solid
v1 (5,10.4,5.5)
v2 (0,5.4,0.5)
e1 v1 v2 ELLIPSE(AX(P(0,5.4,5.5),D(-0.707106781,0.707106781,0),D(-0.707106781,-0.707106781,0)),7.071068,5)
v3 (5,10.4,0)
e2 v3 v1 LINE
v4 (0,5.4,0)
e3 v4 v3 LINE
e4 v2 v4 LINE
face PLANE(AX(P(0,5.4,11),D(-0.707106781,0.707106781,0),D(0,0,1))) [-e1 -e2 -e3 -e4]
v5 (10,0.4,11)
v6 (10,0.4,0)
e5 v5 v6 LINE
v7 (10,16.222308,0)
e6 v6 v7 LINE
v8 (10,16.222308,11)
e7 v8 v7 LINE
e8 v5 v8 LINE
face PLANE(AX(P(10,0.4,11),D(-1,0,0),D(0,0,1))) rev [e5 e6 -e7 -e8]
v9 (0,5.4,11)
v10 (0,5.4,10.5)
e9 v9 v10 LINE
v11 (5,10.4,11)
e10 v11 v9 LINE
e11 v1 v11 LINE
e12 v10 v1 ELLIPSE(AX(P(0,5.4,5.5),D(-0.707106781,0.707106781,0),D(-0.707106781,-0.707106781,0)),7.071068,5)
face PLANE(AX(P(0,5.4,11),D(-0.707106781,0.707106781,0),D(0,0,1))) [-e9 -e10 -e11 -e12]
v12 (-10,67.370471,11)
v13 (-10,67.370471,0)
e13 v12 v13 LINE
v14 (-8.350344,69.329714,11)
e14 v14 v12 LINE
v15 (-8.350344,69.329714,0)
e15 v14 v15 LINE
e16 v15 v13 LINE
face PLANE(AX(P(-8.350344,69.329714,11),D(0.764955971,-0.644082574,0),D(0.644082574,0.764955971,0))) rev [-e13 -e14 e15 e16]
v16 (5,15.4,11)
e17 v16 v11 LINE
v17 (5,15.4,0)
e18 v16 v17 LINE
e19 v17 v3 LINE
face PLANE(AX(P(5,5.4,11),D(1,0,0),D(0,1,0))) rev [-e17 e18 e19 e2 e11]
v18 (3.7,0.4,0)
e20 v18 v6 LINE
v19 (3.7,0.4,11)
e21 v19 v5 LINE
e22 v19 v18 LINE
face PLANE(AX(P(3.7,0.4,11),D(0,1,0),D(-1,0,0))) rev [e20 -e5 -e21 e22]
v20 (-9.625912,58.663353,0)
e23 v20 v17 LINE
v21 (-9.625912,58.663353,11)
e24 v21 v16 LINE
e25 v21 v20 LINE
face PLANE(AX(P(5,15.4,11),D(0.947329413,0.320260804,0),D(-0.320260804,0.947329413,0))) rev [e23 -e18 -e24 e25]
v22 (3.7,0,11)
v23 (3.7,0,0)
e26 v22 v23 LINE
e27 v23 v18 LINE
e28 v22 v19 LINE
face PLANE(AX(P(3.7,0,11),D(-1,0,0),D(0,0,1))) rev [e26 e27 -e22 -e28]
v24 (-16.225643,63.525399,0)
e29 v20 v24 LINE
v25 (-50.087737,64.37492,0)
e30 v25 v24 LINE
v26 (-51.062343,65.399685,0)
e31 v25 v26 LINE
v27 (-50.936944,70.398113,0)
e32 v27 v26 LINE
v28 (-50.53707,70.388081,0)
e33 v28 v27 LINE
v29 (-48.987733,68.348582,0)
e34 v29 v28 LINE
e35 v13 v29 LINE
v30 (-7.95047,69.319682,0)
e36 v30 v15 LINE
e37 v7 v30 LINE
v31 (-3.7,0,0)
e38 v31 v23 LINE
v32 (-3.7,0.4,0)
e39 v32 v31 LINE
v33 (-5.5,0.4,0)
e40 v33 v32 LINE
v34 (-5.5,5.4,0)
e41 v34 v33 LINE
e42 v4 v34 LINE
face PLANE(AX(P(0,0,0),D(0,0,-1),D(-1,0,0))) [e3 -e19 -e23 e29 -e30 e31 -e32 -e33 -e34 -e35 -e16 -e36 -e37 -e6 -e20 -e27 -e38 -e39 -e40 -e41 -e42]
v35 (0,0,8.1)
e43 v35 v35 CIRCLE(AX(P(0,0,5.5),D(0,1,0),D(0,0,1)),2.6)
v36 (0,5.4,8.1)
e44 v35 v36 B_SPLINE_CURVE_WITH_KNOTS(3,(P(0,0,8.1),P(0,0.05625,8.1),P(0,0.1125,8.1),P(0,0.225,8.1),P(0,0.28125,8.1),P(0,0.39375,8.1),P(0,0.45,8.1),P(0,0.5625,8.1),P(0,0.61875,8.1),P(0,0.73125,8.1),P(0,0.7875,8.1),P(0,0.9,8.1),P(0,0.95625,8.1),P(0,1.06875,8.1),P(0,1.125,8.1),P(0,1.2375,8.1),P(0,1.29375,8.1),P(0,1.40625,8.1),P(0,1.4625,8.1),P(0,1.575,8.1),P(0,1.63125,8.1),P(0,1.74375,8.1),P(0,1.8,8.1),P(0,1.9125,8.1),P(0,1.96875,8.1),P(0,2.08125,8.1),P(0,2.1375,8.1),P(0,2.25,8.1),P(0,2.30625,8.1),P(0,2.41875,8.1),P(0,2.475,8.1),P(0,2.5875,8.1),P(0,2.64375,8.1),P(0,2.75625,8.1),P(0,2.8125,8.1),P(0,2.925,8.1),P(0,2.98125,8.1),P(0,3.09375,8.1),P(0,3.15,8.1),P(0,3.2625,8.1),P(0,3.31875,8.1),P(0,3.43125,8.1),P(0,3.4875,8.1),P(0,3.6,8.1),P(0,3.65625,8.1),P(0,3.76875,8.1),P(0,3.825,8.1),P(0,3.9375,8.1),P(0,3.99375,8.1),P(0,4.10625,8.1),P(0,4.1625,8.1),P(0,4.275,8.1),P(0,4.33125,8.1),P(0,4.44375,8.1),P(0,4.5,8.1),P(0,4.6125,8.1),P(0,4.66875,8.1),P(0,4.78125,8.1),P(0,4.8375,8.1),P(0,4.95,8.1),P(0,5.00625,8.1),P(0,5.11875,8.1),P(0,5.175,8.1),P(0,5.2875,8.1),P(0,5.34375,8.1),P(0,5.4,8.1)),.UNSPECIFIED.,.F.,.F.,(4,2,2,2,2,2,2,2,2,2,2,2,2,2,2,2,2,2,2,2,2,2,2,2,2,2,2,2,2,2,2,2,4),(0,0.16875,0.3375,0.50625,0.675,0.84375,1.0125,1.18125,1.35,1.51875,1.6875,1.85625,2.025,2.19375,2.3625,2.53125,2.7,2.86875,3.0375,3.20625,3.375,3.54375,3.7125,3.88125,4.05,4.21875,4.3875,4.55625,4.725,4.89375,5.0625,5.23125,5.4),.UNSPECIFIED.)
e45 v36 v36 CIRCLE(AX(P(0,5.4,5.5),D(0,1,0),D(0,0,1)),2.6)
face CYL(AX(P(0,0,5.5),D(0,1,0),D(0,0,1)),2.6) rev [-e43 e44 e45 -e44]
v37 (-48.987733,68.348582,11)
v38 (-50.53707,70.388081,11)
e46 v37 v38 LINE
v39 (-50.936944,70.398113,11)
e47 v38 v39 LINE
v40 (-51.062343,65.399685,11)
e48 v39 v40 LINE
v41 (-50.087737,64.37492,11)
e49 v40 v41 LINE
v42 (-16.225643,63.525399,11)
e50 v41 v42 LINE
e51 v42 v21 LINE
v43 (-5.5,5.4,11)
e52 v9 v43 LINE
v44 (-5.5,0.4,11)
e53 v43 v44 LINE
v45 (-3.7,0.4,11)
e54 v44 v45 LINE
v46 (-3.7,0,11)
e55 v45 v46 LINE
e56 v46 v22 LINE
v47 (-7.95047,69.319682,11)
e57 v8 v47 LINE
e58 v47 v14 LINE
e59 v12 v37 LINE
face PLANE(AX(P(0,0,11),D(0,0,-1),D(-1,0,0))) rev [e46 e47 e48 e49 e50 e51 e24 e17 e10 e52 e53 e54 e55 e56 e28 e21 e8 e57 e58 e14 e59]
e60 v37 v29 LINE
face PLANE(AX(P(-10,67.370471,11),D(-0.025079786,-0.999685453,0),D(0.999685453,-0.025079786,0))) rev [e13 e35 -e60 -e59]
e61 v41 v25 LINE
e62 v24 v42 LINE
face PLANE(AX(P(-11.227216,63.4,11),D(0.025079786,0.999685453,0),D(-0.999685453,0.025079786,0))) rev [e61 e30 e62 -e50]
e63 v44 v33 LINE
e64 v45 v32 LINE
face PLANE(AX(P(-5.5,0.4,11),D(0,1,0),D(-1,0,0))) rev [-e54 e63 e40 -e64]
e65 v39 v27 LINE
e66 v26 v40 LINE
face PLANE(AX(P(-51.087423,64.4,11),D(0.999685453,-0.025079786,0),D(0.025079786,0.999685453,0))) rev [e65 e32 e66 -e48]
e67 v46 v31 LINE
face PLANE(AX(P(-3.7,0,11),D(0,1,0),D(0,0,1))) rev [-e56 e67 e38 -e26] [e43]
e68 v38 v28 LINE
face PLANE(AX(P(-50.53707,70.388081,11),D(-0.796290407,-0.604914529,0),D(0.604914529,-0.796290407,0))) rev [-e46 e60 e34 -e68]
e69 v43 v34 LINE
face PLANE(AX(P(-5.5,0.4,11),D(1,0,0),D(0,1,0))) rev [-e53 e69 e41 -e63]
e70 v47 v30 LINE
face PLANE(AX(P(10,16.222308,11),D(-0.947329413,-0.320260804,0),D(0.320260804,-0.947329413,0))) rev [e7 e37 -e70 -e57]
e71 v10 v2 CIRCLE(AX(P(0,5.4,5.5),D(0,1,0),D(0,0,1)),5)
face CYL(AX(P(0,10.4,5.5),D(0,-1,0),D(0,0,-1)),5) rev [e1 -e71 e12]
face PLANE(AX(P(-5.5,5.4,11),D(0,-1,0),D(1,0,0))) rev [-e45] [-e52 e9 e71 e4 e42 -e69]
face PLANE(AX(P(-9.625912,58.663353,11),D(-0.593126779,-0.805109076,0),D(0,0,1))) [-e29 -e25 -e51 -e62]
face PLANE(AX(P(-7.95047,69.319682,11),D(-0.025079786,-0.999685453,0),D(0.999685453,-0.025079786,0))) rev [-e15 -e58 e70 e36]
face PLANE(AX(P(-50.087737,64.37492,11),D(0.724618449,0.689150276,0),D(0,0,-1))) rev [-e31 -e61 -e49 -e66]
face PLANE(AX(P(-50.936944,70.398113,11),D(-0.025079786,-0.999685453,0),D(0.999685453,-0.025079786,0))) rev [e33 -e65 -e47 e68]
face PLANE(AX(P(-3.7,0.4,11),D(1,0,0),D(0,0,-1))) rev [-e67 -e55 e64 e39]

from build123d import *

# Parameters (mm, degrees)
EXTRUDE_1_DEPTH     = 11
CHAMFER_2_SIZE      = 5
CHAMFER_3_SIZE      = 1
SKETCH_2_R          = 2.6
CUT_EXTRUDE_1_DEPTH = 84.385355554
SKETCH_3_R          = 5
CUT_EXTRUDE_2_DEPTH = 5


with BuildPart() as part:
    # Эскиз1 → Бобышка-Вытянуть1 (new body)
    with BuildSketch(Plane.XY):
        Polygon((-5.5, 0.4), (-3.7, 0.4), (-3.7, 0), (3.7, 0), (3.7, 0.4), (10, 0.4), (10, 16.222307726), (-7.950469523, 69.319681931), (-8.350343704, 69.329713846), (-10, 67.370470597), (-48.987732655, 68.348582239), (-50.537069808, 70.388080802), (-50.93694399, 70.398112716), (-51.087422704, 64.4), (-11.227215564, 63.4), (5, 15.4), (5, 5.4), (-5.5, 5.4), align=None)
    extrude(amount=EXTRUDE_1_DEPTH)

    # Фаска2
    chamfer_2_edges = [part.edges().sort_by_distance(p)[0] for p in [
        (5, 5.4, 5.5),
        (-11.227215564, 63.4, 5.5),
    ]]
    chamfer(chamfer_2_edges, length=CHAMFER_2_SIZE)

    # Фаска3
    chamfer_3_edges = [part.edges().sort_by_distance(p)[0] for p in [
        (-51.087422704, 64.4, 5.5),
    ]]
    chamfer(chamfer_3_edges, length=CHAMFER_3_SIZE)

    # Эскиз2 → Вырез-Вытянуть1 (cut, through all)
    with BuildSketch(Plane(origin=(0, 5.4, 0), x_dir=(1, 0, 0), z_dir=(0, 1, 0))):
        with Locations(Location((0, -5.5, 0), (0, 0, 270))):
            Circle(SKETCH_2_R)
    extrude(amount=-CUT_EXTRUDE_1_DEPTH, mode=Mode.SUBTRACT)

    # Эскиз3 → Вырез-Вытянуть2 (cut)
    with BuildSketch(Plane(origin=(0, 5.4, 0), x_dir=(1, 0, 0), z_dir=(0, 1, 0))):
        with Locations((0, -5.5)):
            Circle(SKETCH_3_R)
    extrude(amount=CUT_EXTRUDE_2_DEPTH, mode=Mode.SUBTRACT)


solid = part.part
